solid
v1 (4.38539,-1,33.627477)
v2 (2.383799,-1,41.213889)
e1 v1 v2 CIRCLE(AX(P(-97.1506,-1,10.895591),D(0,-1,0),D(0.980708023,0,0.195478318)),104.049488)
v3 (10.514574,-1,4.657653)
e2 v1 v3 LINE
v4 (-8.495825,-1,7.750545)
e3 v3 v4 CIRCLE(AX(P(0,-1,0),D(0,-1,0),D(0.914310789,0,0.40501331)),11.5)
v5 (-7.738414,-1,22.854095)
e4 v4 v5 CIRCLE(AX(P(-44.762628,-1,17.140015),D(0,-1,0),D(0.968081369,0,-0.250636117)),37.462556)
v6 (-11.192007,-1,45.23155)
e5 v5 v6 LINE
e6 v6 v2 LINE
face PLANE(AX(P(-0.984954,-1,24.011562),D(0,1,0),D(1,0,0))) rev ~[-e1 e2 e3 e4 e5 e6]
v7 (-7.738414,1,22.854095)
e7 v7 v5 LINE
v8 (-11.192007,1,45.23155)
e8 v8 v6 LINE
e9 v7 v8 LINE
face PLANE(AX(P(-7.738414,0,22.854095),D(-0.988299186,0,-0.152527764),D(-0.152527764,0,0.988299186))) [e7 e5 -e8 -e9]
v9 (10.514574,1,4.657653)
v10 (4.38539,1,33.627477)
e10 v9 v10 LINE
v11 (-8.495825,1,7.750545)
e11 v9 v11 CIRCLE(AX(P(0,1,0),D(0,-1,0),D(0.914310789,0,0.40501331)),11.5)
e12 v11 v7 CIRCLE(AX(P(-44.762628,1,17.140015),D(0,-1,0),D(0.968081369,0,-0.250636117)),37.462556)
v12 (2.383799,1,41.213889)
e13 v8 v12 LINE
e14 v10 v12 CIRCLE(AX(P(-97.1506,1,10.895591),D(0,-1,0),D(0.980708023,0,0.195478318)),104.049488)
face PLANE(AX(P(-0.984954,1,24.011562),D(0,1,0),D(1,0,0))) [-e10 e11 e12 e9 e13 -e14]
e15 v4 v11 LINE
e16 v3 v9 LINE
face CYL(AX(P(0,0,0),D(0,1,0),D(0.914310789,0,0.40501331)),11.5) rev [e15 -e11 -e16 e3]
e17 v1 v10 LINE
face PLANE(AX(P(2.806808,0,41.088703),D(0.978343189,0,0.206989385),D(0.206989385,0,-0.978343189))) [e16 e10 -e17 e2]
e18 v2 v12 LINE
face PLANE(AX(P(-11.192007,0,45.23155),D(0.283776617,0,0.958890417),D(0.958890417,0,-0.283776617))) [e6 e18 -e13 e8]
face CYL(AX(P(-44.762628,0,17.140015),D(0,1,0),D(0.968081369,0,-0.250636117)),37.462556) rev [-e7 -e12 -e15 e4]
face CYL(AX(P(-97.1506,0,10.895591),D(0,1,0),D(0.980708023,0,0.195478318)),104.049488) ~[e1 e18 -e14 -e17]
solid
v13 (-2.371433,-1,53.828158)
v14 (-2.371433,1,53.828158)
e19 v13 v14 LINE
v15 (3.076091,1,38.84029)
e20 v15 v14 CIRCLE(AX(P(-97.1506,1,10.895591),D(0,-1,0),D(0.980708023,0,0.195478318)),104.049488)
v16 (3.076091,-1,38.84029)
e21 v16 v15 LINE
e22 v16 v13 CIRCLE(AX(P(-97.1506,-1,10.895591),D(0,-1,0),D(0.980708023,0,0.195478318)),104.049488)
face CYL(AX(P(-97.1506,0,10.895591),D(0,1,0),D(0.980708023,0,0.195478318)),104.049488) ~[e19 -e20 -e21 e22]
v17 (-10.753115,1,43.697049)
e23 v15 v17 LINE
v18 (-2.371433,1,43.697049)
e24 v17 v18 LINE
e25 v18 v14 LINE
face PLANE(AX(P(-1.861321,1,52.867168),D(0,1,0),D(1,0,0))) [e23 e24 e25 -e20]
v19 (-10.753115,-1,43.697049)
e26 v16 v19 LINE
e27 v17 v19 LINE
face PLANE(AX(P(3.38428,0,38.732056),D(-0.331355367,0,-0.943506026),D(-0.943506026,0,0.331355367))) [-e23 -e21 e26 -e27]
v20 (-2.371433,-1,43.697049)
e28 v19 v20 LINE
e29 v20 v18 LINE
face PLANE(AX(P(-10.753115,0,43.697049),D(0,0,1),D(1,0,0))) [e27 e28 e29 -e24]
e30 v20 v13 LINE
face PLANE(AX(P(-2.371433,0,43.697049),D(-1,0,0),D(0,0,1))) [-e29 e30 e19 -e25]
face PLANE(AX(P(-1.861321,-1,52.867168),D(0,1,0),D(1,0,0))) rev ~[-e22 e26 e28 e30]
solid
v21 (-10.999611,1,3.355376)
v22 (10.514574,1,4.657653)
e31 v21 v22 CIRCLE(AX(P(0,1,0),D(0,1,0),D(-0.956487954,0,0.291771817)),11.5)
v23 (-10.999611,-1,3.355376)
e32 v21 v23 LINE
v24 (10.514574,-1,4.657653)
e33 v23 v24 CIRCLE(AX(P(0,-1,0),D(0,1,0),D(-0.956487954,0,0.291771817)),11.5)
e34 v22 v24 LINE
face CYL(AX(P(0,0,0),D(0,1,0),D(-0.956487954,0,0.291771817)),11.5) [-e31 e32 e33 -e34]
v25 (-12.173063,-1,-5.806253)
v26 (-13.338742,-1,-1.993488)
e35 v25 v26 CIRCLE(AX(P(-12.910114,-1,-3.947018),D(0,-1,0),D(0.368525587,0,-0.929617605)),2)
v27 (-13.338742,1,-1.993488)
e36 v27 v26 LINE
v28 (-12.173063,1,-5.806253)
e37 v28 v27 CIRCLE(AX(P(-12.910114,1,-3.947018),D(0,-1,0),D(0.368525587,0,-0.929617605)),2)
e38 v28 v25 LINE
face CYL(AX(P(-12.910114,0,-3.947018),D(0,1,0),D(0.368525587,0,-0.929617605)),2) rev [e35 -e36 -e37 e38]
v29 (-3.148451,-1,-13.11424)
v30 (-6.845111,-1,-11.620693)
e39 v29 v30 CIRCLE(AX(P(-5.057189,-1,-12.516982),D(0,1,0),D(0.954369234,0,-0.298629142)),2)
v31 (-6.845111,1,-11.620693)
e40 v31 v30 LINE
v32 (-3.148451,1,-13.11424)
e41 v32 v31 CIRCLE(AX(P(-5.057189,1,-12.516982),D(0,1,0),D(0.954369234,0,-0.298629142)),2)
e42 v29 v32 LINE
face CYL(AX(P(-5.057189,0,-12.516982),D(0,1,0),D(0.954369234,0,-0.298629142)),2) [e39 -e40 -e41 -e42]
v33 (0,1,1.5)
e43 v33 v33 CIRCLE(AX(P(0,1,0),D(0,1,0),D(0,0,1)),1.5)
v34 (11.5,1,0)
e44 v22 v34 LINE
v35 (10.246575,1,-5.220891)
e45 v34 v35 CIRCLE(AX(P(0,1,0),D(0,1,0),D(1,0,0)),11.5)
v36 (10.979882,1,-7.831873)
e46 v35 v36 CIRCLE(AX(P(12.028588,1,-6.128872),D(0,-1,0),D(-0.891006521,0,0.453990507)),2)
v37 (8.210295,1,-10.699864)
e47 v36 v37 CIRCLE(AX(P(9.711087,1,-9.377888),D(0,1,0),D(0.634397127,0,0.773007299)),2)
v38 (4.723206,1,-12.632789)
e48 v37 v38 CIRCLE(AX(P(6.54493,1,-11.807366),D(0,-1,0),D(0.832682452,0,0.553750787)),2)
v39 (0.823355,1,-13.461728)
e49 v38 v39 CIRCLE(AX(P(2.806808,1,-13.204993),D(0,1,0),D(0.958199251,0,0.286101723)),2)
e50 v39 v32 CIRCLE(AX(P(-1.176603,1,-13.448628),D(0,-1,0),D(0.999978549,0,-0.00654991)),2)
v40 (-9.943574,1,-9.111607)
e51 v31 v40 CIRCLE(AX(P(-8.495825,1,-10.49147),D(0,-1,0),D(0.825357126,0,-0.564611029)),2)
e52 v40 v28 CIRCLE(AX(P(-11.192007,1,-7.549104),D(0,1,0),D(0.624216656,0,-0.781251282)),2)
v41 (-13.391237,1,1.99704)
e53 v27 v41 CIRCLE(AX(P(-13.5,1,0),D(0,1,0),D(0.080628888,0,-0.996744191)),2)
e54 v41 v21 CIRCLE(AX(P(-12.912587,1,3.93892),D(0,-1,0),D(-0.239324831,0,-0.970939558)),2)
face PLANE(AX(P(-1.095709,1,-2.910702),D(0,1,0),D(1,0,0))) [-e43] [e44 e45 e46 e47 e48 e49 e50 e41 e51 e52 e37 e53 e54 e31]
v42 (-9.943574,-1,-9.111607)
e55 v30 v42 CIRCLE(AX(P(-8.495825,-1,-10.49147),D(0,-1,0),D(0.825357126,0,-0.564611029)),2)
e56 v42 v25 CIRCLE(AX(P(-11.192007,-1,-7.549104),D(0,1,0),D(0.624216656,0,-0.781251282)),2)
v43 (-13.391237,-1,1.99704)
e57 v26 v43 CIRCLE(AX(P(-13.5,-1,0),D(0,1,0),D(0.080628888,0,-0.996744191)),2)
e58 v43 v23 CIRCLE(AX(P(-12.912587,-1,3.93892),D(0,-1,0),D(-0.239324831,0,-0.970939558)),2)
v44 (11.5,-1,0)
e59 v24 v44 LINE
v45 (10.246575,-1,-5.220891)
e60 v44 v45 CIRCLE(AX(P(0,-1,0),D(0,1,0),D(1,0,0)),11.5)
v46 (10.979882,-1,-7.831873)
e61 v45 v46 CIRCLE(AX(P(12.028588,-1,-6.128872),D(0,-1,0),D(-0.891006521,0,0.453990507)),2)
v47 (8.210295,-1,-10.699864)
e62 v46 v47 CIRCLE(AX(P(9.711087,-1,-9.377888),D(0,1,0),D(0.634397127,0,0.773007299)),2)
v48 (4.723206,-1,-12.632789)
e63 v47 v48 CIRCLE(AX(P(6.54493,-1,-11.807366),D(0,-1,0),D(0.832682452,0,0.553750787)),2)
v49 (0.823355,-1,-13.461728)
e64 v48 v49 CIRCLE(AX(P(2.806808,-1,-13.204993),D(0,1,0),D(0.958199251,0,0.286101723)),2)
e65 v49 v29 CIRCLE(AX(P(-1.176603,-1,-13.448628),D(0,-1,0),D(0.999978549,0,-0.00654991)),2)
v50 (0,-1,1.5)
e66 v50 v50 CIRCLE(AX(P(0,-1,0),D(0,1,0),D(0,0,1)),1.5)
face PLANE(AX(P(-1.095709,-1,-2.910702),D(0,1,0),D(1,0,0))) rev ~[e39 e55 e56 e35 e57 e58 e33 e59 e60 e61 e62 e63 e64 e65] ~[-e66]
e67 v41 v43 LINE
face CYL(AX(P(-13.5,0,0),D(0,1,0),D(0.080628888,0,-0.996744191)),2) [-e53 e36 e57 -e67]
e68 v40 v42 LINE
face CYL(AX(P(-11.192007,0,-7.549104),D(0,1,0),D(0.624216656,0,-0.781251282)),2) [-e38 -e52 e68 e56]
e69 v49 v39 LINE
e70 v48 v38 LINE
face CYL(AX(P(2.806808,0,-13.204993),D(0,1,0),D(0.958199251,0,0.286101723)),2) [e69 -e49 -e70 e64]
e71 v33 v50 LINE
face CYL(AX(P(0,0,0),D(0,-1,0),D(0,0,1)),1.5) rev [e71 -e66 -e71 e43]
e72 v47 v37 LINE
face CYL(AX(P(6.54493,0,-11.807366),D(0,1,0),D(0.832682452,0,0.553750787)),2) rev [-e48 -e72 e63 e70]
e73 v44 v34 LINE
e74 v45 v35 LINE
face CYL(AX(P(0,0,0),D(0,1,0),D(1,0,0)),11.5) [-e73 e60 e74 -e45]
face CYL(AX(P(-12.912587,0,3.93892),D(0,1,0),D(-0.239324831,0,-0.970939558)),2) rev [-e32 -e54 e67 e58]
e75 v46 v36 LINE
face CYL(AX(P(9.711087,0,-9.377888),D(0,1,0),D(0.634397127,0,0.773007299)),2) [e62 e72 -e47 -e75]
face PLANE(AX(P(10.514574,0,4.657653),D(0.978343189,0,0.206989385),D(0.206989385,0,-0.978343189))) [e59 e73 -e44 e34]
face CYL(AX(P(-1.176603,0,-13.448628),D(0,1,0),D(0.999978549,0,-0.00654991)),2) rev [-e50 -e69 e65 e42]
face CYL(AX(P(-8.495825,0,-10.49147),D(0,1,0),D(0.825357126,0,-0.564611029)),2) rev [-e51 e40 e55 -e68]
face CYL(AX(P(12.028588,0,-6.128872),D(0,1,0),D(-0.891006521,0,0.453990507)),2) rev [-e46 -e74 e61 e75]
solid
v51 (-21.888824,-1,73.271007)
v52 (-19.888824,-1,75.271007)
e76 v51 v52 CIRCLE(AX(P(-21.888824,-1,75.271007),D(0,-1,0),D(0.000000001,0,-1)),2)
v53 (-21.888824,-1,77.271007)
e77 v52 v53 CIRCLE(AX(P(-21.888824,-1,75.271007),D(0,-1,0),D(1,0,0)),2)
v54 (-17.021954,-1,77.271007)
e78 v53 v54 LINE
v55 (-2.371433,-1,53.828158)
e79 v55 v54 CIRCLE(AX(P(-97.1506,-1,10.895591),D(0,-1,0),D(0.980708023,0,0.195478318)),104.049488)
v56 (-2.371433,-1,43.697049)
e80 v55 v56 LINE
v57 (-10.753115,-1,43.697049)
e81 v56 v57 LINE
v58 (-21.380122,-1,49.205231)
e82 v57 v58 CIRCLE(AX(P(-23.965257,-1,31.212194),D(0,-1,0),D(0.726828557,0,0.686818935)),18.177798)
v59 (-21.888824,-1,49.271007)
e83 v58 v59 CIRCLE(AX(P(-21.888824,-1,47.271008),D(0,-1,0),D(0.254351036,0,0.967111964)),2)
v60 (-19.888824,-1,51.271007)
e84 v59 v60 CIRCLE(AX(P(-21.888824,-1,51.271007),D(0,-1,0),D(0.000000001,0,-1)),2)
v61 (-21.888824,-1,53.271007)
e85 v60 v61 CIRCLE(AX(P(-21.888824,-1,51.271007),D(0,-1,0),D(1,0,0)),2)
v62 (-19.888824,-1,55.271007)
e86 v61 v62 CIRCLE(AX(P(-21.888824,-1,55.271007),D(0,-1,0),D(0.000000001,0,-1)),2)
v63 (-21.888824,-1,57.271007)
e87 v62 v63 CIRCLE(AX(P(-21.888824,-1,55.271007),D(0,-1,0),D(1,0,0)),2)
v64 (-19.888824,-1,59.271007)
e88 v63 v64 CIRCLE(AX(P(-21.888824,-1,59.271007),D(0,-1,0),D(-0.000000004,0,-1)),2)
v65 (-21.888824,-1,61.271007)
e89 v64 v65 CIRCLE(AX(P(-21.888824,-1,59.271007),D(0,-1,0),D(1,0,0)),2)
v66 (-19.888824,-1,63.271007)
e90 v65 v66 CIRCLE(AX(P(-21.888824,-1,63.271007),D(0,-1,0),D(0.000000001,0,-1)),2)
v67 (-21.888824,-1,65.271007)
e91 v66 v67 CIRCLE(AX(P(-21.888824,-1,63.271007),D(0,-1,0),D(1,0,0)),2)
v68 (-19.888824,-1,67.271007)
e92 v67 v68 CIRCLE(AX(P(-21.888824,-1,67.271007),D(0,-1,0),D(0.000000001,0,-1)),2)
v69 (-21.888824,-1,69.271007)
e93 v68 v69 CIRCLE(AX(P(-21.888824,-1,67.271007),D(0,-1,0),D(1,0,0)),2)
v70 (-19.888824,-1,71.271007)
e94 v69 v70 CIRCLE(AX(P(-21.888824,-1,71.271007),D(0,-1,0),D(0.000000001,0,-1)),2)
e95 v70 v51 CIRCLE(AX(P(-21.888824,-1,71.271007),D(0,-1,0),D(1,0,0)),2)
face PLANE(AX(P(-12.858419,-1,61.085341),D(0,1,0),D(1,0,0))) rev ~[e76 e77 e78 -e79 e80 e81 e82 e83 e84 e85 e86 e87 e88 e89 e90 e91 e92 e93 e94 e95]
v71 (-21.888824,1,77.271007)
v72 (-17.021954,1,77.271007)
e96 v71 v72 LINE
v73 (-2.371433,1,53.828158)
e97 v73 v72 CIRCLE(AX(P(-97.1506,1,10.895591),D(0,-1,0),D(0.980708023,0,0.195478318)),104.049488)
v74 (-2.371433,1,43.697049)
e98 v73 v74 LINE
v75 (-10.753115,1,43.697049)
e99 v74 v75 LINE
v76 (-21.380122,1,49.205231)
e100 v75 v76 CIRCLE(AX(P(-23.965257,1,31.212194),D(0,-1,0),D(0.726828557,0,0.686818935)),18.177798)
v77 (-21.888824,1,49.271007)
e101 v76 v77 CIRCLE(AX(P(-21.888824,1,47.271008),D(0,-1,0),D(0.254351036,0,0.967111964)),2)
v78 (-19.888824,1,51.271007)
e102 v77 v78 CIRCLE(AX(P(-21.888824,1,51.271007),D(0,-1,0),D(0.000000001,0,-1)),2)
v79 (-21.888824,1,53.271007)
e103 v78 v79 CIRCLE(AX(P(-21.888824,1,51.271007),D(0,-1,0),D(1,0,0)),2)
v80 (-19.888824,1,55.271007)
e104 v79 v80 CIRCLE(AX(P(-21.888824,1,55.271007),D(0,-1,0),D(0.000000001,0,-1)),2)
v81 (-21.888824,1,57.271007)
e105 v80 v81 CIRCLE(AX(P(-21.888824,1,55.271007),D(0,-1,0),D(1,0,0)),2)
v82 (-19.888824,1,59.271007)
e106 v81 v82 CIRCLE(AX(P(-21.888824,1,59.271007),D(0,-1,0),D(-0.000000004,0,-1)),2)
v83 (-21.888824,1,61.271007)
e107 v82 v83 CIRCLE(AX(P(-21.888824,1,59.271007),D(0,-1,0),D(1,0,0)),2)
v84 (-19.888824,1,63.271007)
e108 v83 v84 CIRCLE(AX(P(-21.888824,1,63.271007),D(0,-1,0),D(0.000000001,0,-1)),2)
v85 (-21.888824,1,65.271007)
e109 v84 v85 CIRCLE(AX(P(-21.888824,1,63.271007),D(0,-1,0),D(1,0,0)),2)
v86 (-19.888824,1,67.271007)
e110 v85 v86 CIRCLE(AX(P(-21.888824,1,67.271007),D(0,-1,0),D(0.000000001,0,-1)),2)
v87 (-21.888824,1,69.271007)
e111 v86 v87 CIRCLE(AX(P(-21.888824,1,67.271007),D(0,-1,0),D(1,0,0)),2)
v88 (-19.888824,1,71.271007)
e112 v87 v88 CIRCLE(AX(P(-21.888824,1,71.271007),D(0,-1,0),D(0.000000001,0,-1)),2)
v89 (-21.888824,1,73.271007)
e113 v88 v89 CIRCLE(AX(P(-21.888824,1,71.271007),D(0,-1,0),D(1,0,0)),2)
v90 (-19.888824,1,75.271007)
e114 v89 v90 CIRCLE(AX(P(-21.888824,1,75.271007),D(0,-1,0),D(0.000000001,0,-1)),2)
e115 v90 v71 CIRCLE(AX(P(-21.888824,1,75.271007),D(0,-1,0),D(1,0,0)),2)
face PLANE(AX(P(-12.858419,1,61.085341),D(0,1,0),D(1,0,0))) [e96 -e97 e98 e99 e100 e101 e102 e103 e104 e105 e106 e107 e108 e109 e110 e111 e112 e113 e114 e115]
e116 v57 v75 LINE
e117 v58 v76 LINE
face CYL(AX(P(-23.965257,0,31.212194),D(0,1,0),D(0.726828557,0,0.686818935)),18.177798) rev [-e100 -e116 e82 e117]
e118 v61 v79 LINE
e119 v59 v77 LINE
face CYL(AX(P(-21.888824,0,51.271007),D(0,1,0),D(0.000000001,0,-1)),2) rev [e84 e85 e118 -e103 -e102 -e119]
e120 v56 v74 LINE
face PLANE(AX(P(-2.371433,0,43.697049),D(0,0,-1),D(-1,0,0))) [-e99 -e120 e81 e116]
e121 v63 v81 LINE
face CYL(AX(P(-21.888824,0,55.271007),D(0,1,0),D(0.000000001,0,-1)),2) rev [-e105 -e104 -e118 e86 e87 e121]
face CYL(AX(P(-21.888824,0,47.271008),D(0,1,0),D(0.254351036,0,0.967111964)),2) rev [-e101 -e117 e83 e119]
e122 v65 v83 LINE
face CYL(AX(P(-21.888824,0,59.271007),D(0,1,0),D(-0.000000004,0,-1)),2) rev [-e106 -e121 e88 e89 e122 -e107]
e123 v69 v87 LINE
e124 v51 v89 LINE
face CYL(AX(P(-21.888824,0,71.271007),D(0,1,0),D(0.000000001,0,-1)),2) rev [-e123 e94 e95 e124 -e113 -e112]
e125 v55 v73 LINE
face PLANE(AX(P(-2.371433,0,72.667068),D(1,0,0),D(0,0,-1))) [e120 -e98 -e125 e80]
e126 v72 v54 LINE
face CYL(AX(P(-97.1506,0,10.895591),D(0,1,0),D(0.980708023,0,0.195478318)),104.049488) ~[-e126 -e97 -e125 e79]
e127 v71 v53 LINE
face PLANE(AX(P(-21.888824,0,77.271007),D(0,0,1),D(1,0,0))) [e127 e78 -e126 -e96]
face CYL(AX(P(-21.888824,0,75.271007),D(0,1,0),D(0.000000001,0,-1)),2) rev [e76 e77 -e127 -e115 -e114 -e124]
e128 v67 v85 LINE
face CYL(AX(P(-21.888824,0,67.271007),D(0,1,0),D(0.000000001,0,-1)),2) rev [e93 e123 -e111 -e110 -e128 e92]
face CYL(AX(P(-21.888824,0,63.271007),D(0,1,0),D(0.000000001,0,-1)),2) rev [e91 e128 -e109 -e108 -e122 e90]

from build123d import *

# Parameters (mm, degrees)
SKETCH1_R           = 1.5
BOSS_EXTRUDE3_DEPTH = 1
BOSS_EXTRUDE5_DEPTH = 1
BOSS_EXTRUDE7_DEPTH = 1
BOSS_EXTRUDE8_DEPTH = 1
CUT_EXTRUDE2_DEPTH  = 1


with BuildPart() as part:
    # Sketch1 → Boss-Extrude3 (new, symmetric)
    with BuildSketch(Plane(origin=(0, 0, 0), x_dir=(1, 0, 0), z_dir=(0, 1, 0))):
        with BuildLine():
            Line((10.514574075, -4.657653059), (11.5, 0))
            ThreePointArc((11.5, 0), (11.182254086, 2.684621677), (10.246575035, 5.220890734))
            ThreePointArc((10.246575035, 5.220890734), (10.1030879, 6.669657352), (10.979881559, 7.831873403))
            ThreePointArc((10.979881559, 7.831873403), (11.149766905, 10.767204742), (8.210294777, 10.699864472))
            ThreePointArc((8.210294777, 10.699864472), (5.575310633, 10.058126632), (4.723206327, 12.632789163))
            ThreePointArc((4.723206327, 12.632789163), (3.222631208, 15.161287811), (0.823354571, 13.461728244))
            ThreePointArc((0.823354571, 13.461728244), (-1.002291042, 11.456239028), (-3.148450543, 13.114240322))
            ThreePointArc((-3.148450543, 13.114240322), (-5.806402198, 14.371349746), (-6.845111027, 11.620692539))
            ThreePointArc((-6.845111027, 11.620692539), (-7.237184497, 8.937178557), (-9.943573918, 9.111606762))
            ThreePointArc((-9.943573918, 9.111606762), (-12.850082375, 8.667490004), (-12.173063031, 5.806253224))
            ThreePointArc((-12.173063031, 5.806253224), (-10.997504694, 3.362274604), (-13.338742224, 1.993488382))
            ThreePointArc((-13.338742224, 1.993488382), (-15.499826972, 0.026307423), (-13.391237031, -1.997040464))
            ThreePointArc((-13.391237031, -1.997040464), (-11.9248669, -2.199836984), (-10.999611474, -3.3553759))
            ThreePointArc((-10.999611474, -3.3553759), (-0.694835786, -11.478989643), (10.514574075, -4.657653059))
        make_face()
        with Locations(Location((0, 0, 0), (0, 0, 270))):
            Circle(SKETCH1_R, mode=Mode.SUBTRACT)
    extrude(amount=BOSS_EXTRUDE3_DEPTH, both=True)


with BuildPart() as body_2:
    # Sketch1<5> → Boss-Extrude5 (new, symmetric)
    with BuildSketch(Plane(origin=(0, 0, 0), x_dir=(1, 0, 0), z_dir=(0, 1, 0))):
        with BuildLine():
            Line((2.806807826, -41.088702969), (10.514574075, -4.657653059))
            ThreePointArc((10.514574075, -4.657653059), (1.846708509, -11.35075626), (-8.495825279, -7.750545324))
            ThreePointArc((-8.495825279, -7.750545324), (-7.347088724, -15.263704681), (-7.738414168, -22.854094893))
            Line((-7.738414168, -22.854094893), (-11.192007229, -45.231550072))
            Line((-11.192007229, -45.231550072), (2.806807826, -41.088702969))
        make_face()
    extrude(amount=BOSS_EXTRUDE5_DEPTH, both=True)


with BuildPart() as body_3:
    # Sketch2 → Boss-Extrude7 (new, symmetric)
    with BuildSketch(Plane(origin=(0, 0, 0), x_dir=(1, 0, 0), z_dir=(0, 1, 0))):
        with BuildLine():
            Line((-2.371433126, -72.667068493), (-2.371433126, -43.697049279))
            Line((-2.371433126, -43.697049279), (-10.753114724, -43.697049279))
            ThreePointArc((-10.753114724, -43.697049279), (-15.600240159, -47.350930238), (-21.380122364, -49.205231385))
            ThreePointArc((-21.380122364, -49.205231385), (-21.632355968, -49.254495275), (-21.888824426, -49.271007455))
            ThreePointArc((-21.888824426, -49.271007455), (-20.474610864, -49.856793893), (-19.888824426, -51.271007455))
            ThreePointArc((-19.888824426, -51.271007455), (-20.474610864, -52.685221018), (-21.888824426, -53.271007455))
            ThreePointArc((-21.888824426, -53.271007455), (-20.474610864, -53.856793893), (-19.888824426, -55.271007455))
            ThreePointArc((-19.888824426, -55.271007455), (-20.474610866, -56.68522102), (-21.888824433, -57.271007455))
            ThreePointArc((-21.888824433, -57.271007455), (-20.474610866, -57.85679389), (-19.888824426, -59.271007455))
            ThreePointArc((-19.888824426, -59.271007455), (-20.474610864, -60.685221018), (-21.888824426, -61.271007455))
            ThreePointArc((-21.888824426, -61.271007455), (-20.474610864, -61.856793893), (-19.888824426, -63.271007455))
            ThreePointArc((-19.888824426, -63.271007455), (-20.474610864, -64.685221018), (-21.888824426, -65.271007455))
            ThreePointArc((-21.888824426, -65.271007455), (-20.474610864, -65.856793893), (-19.888824426, -67.271007455))
            ThreePointArc((-19.888824426, -67.271007455), (-20.474610864, -68.685221018), (-21.888824426, -69.271007455))
            ThreePointArc((-21.888824426, -69.271007455), (-20.474610864, -69.856793893), (-19.888824426, -71.271007455))
            ThreePointArc((-19.888824426, -71.271007455), (-20.474610864, -72.685221018), (-21.888824426, -73.271007455))
            ThreePointArc((-21.888824426, -73.271007455), (-20.474610864, -73.856793893), (-19.888824426, -75.271007455))
            ThreePointArc((-19.888824426, -75.271007455), (-20.474610864, -76.685221018), (-21.888824426, -77.271007455))
            Line((-21.888824426, -77.271007455), (-12.155084024, -77.271007455))
            ThreePointArc((-12.155084024, -77.271007455), (-6.995429189, -75.538191741), (-2.371433126, -72.667068493))
        make_face()
    extrude(amount=BOSS_EXTRUDE7_DEPTH, both=True)


with BuildPart() as body_4:
    # Sketch2<5> → Boss-Extrude8 (new, symmetric)
    with BuildSketch(Plane(origin=(0, 0, 0), x_dir=(1, 0, 0), z_dir=(0, 1, 0))):
        Polygon((-10.753114724, -43.697049279), (-2.371433126, -43.697049279), (-2.371433126, -72.667068493), (3.384279509, -38.732055606), align=None)
    extrude(amount=BOSS_EXTRUDE8_DEPTH, both=True)


with BuildPart() as cut_extrude2_tool:
    # Sketch3 → Cut-Extrude2 (new, symmetric)
    with BuildSketch(Plane(origin=(0, 0, 0), x_dir=(1, 0, 0), z_dir=(0, 1, 0))):
        with BuildLine():
            Line((-17.021954225, -77.271007455), (4.891566987, -77.271007455))
            Line((4.891566987, -77.271007455), (4.891566987, -31.235009619))
            ThreePointArc((4.891566987, -31.235009619), (-3.20178666, -55.616014274), (-17.021954225, -77.271007455))
        make_face()
    extrude(amount=CUT_EXTRUDE2_DEPTH, both=True)


with BuildPart() as body_2_1:
    add(body_2.part)

    # Cut-Extrude2: cut by cut_extrude2_tool
    add(cut_extrude2_tool.part, mode=Mode.SUBTRACT)


with BuildPart() as body_3_1:
    add(body_3.part)

    # Cut-Extrude2: cut by cut_extrude2_tool
    add(cut_extrude2_tool.part, mode=Mode.SUBTRACT)


with BuildPart() as body_4_1:
    add(body_4.part)

    # Cut-Extrude2: cut by cut_extrude2_tool
    add(cut_extrude2_tool.part, mode=Mode.SUBTRACT)


solid = Compound([part.part, body_2_1.part, body_3_1.part, body_4_1.part])
